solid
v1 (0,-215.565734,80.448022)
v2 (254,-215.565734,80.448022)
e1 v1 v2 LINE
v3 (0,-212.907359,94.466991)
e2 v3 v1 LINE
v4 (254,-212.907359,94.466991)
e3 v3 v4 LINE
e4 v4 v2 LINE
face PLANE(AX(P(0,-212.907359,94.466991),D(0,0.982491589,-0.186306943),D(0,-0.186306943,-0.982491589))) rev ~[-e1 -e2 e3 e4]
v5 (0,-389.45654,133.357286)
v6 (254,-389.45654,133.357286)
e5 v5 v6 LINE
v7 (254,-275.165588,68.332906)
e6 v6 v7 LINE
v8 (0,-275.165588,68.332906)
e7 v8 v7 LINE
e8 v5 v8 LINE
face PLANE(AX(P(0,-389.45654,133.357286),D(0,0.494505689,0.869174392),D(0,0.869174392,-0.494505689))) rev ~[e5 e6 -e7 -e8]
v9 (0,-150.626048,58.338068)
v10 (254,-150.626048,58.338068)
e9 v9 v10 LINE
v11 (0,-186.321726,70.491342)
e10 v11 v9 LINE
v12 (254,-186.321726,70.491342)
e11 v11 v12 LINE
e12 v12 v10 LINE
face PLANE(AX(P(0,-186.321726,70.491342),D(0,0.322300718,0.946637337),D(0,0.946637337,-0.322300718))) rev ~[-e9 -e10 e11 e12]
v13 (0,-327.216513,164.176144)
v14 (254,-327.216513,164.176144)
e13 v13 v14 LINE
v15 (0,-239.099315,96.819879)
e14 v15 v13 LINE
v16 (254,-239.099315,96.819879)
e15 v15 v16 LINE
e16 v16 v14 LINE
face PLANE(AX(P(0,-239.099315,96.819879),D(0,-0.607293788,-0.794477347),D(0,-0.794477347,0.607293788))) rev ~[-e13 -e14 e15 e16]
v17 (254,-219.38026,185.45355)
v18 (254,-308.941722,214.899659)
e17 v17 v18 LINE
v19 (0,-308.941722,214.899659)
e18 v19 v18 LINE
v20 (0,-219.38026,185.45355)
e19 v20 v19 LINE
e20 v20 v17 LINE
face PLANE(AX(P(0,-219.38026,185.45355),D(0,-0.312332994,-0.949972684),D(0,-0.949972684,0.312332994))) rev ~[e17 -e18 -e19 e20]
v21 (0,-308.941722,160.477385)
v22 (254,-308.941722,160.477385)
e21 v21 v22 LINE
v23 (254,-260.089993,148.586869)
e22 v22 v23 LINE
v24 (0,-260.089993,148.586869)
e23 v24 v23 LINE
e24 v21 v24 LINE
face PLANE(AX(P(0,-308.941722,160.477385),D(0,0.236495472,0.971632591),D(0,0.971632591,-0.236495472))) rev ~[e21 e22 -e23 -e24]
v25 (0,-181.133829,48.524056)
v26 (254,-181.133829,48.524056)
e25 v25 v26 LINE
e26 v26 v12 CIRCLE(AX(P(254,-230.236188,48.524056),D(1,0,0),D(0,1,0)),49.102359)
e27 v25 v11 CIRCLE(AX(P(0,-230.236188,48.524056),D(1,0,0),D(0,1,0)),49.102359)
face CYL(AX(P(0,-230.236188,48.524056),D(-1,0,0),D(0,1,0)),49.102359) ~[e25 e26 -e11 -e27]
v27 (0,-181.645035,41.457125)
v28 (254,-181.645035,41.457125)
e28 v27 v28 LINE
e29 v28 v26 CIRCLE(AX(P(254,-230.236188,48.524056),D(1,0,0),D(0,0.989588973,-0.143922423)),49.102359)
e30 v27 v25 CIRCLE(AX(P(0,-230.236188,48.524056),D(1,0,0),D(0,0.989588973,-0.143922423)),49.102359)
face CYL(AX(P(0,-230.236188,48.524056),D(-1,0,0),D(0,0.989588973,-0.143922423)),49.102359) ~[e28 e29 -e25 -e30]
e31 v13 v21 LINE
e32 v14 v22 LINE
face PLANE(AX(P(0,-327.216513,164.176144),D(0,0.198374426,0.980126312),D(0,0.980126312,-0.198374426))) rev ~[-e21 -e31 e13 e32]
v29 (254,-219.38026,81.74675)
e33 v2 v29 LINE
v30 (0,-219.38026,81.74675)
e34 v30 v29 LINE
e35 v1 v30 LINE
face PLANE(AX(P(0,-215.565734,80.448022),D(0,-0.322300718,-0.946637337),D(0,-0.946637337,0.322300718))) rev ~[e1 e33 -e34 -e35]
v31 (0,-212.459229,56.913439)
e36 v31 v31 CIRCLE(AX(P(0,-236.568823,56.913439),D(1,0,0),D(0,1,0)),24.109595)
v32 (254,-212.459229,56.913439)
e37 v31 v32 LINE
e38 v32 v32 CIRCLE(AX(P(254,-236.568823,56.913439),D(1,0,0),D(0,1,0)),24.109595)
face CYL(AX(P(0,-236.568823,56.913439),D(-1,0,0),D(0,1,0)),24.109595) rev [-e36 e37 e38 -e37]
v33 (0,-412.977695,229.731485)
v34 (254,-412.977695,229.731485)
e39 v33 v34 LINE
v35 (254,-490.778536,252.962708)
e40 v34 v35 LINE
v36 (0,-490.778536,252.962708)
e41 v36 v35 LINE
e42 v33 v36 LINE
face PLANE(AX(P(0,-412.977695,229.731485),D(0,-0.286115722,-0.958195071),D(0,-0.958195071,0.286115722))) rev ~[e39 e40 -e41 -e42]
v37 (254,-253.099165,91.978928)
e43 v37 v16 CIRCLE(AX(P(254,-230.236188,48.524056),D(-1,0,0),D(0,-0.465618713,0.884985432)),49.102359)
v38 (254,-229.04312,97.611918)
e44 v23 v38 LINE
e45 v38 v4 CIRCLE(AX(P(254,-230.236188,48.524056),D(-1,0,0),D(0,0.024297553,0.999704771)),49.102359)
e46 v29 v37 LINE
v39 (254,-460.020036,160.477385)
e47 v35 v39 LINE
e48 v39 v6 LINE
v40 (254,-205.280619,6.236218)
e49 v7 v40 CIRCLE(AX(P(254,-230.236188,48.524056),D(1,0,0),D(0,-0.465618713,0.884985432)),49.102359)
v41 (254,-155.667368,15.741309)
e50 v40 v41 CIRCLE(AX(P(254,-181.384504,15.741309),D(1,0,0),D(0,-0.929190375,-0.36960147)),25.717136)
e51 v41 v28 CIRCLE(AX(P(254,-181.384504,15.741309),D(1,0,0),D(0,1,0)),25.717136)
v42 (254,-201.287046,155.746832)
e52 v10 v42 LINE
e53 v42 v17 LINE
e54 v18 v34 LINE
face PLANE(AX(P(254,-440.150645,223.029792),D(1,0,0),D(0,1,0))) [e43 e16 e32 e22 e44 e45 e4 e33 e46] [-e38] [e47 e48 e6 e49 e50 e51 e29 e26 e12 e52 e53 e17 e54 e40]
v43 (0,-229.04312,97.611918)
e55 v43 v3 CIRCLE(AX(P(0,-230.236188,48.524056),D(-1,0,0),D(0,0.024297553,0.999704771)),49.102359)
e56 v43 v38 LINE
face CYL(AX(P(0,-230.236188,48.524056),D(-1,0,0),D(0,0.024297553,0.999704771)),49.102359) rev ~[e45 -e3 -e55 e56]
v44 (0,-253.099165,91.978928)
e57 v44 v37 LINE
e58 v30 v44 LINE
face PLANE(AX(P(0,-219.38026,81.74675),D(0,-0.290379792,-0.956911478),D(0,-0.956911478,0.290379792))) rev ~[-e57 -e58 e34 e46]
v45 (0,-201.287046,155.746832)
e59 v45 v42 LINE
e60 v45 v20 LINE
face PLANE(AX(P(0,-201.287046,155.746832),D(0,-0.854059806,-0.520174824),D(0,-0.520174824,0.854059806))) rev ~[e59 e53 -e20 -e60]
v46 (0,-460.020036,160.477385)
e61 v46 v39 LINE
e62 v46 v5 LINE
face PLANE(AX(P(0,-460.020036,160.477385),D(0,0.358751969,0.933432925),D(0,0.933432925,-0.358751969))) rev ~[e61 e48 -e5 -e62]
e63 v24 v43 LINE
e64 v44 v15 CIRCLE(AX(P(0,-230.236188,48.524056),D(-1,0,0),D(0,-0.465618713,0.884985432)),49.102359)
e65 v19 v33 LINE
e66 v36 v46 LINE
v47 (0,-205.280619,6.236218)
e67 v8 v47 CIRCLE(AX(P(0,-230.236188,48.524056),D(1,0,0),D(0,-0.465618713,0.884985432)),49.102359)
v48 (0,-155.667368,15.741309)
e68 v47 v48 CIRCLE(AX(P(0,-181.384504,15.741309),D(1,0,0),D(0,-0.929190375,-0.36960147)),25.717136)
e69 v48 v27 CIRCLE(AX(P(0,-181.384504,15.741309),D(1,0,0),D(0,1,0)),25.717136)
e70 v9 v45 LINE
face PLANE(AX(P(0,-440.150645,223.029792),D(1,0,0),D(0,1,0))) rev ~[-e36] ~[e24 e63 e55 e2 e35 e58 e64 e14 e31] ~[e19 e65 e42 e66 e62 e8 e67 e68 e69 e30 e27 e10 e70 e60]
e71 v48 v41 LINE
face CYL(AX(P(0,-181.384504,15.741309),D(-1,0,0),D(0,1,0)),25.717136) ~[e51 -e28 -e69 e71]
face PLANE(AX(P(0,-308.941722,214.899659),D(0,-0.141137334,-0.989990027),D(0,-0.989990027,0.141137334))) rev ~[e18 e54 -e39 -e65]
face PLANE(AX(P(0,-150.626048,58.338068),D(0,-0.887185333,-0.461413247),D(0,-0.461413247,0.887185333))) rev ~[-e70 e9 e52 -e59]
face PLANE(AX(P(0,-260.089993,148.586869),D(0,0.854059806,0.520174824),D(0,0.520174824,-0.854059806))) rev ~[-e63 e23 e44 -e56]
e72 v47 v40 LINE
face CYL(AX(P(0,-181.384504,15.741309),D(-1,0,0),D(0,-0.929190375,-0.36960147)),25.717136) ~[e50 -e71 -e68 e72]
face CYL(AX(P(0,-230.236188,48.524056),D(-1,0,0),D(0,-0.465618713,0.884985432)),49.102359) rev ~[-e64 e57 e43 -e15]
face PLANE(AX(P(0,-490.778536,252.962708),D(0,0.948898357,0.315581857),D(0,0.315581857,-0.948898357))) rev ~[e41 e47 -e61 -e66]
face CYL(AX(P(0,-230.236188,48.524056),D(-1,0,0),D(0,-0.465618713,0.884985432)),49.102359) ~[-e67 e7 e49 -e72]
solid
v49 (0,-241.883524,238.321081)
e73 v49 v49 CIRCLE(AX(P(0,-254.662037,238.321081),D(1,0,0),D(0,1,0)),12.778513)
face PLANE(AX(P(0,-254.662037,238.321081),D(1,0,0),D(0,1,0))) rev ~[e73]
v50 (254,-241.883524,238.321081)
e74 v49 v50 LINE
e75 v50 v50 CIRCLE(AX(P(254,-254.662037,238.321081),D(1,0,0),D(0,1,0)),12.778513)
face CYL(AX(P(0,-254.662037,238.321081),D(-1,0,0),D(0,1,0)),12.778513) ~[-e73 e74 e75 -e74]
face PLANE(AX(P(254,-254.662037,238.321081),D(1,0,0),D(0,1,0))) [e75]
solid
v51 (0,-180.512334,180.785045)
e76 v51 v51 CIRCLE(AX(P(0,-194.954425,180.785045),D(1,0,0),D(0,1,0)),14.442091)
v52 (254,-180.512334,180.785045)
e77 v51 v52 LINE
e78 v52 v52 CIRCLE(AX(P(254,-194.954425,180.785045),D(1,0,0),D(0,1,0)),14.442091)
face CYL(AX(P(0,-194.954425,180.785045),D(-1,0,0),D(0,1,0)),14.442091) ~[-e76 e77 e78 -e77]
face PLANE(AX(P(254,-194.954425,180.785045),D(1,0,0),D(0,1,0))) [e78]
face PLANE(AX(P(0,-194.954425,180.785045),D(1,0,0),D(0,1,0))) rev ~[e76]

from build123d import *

# Parameters (mm, degrees)
F0_R     = 24.1095947755
F1_DEPTH = 254
F0_R_2   = 12.7785133022
F0_R_3   = 14.4420909011


with BuildPart() as f1:
    # F0 (on Right) → F1 (new body)
    with BuildSketch(Plane.YZ):
        Polygon((-412.9776954651, 229.7314852476), (-490.7785356045, 252.9627084732), (-401.3037874862, 181.8995006968), align=None)
        Polygon((-401.3037874862, 181.8995006968), (-490.7785356045, 252.9627084732), (-460.0200355053, 160.4773849249), (-389.4565403461, 133.3572864532), align=None)
        Polygon((-412.9776954651, 229.7314852476), (-401.3037874862, 181.8995006968), (-396.6937959194, 178.2381236553), (-327.2165126381, 164.1761440375), align=None)
        with BuildLine():
            Line((-396.6937959194, 178.2381236553), (-401.3037874862, 181.8995006968))
            Line((-401.3037874862, 181.8995006968), (-389.4565403461, 133.3572864532))
            Line((-389.4565403461, 133.3572864532), (-253.0991645965, 91.9789276683))
            ThreePointArc((-253.0991645965, 91.9789276683), (-246.2828425341, 94.9303750999), (-239.0993153958, 96.8198793348))
            Line((-239.0993153958, 96.8198793348), (-327.2165126381, 164.1761440375))
            Line((-327.2165126381, 164.1761440375), (-396.6937959194, 178.2381236553))
        make_face()
        Polygon((-308.9417219162, 214.8996591568), (-412.9776954651, 229.7314852476), (-327.2165126381, 164.1761440375), (-308.9417219162, 160.4773849249), align=None)
        with BuildLine():
            Line((-253.0991645965, 91.9789276683), (-389.4565403461, 133.3572864532))
            Line((-389.4565403461, 133.3572864532), (-275.1655883638, 68.3329063543))
            ThreePointArc((-275.1655883638, 68.3329063543), (-266.1351458231, 82.0248976928), (-253.0991645965, 91.9789276683))
        make_face()
        Polygon((-260.0899934769, 148.5868692398), (-308.9417219162, 214.8996591568), (-308.9417219162, 160.4773849249), align=None)
        Polygon((-219.3802595139, 185.4535496204), (-308.9417219162, 214.8996591568), (-260.0899934769, 148.5868692398), (-254.1415393319, 190.3115506303), (-201.2870460749, 155.74683249), align=None)
        with BuildLine():
            Line((-219.3802595139, 81.7467495799), (-253.0991645965, 91.9789276683))
            ThreePointArc((-253.0991645965, 91.9789276683), (-266.1351458231, 82.0248976928), (-275.1655883638, 68.3329063543))
            ThreePointArc((-275.1655883638, 68.3329063543), (-262.8511867206, 11.8184231885), (-205.2806188906, 6.2362179745))
            ThreePointArc((-205.2806188906, 6.2362179745), (-202.7389873258, 30.0715955347), (-181.6450349187, 41.4571252236))
            ThreePointArc((-181.6450349187, 41.4571252236), (-181.2617972, 44.9813576149), (-181.1338289572, 48.52405563))
            ThreePointArc((-181.1338289572, 48.52405563), (-182.4484000439, 59.8098424753), (-186.3217257629, 70.4913418895))
            Line((-186.3217257629, 70.4913418895), (-215.5657344576, 80.4480218451))
            Line((-215.5657344576, 80.4480218451), (-219.3802595139, 81.7467495799))
        make_face()
        with Locations((-236.5688234568, 56.9134391844)):
            Circle(F0_R, mode=Mode.SUBTRACT)
        with BuildLine():
            Line((-201.2870460749, 155.74683249), (-260.0899934769, 148.5868692398))
            Line((-260.0899934769, 148.5868692398), (-229.0431203965, 97.6119178034))
            ThreePointArc((-229.0431203965, 97.6119178034), (-220.8426901154, 96.7195308064), (-212.9073592029, 94.4669912047))
            Line((-212.9073592029, 94.4669912047), (-201.2870460749, 155.74683249))
        make_face()
        Polygon((-254.1415393319, 190.3115506303), (-260.0899934769, 148.5868692398), (-201.2870460749, 155.74683249), align=None)
        with BuildLine():
            ThreePointArc((-181.6450349187, 41.4571252236), (-189.4635480745, 21.1628880739), (-205.2806188906, 6.2362179745))
            ThreePointArc((-205.2806188906, 6.2362179745), (-176.5455247451, -9.5164689386), (-155.6673680615, 15.7413091511))
            ThreePointArc((-155.6673680615, 15.7413091511), (-163.2920888612, 34.0179497862), (-181.6450349187, 41.4571252236))
        make_face()
        with BuildLine():
            ThreePointArc((-181.6450349187, 41.4571252236), (-202.7389873258, 30.0715955347), (-205.2806188906, 6.2362179745))
            ThreePointArc((-205.2806188906, 6.2362179745), (-189.4635480745, 21.1628880739), (-181.6450349187, 41.4571252236))
        make_face()
        with BuildLine():
            Line((-150.6260484457, 58.3380684257), (-201.2870460749, 155.74683249))
            Line((-201.2870460749, 155.74683249), (-212.9073592029, 94.4669912047))
            ThreePointArc((-212.9073592029, 94.4669912047), (-197.3516457938, 84.9884016922), (-186.3217257629, 70.4913418895))
            Line((-186.3217257629, 70.4913418895), (-150.6260484457, 58.3380684257))
        make_face()
        with BuildLine():
            Line((-212.9073592029, 94.4669912047), (-215.5657344576, 80.4480218451))
            Line((-215.5657344576, 80.4480218451), (-186.3217257629, 70.4913418895))
            ThreePointArc((-186.3217257629, 70.4913418895), (-197.3516457938, 84.9884016922), (-212.9073592029, 94.4669912047))
        make_face()
    extrude(amount=F1_DEPTH)


with BuildPart() as f1b:
    # F0 (on Right) → F1, piece 2 (new body)
    with BuildSketch(Plane.YZ):
        with Locations((-254.6620368958, 238.3210808039)):
            Circle(F0_R_2)
    extrude(amount=F1_DEPTH)


with BuildPart() as f1c:
    # F0 (on Right) → F1, piece 3 (new body)
    with BuildSketch(Plane.YZ):
        with Locations((-194.9544250965, 180.7850450277)):
            Circle(F0_R_3)
    extrude(amount=F1_DEPTH)


solid = Compound([f1.part, f1b.part, f1c.part])
